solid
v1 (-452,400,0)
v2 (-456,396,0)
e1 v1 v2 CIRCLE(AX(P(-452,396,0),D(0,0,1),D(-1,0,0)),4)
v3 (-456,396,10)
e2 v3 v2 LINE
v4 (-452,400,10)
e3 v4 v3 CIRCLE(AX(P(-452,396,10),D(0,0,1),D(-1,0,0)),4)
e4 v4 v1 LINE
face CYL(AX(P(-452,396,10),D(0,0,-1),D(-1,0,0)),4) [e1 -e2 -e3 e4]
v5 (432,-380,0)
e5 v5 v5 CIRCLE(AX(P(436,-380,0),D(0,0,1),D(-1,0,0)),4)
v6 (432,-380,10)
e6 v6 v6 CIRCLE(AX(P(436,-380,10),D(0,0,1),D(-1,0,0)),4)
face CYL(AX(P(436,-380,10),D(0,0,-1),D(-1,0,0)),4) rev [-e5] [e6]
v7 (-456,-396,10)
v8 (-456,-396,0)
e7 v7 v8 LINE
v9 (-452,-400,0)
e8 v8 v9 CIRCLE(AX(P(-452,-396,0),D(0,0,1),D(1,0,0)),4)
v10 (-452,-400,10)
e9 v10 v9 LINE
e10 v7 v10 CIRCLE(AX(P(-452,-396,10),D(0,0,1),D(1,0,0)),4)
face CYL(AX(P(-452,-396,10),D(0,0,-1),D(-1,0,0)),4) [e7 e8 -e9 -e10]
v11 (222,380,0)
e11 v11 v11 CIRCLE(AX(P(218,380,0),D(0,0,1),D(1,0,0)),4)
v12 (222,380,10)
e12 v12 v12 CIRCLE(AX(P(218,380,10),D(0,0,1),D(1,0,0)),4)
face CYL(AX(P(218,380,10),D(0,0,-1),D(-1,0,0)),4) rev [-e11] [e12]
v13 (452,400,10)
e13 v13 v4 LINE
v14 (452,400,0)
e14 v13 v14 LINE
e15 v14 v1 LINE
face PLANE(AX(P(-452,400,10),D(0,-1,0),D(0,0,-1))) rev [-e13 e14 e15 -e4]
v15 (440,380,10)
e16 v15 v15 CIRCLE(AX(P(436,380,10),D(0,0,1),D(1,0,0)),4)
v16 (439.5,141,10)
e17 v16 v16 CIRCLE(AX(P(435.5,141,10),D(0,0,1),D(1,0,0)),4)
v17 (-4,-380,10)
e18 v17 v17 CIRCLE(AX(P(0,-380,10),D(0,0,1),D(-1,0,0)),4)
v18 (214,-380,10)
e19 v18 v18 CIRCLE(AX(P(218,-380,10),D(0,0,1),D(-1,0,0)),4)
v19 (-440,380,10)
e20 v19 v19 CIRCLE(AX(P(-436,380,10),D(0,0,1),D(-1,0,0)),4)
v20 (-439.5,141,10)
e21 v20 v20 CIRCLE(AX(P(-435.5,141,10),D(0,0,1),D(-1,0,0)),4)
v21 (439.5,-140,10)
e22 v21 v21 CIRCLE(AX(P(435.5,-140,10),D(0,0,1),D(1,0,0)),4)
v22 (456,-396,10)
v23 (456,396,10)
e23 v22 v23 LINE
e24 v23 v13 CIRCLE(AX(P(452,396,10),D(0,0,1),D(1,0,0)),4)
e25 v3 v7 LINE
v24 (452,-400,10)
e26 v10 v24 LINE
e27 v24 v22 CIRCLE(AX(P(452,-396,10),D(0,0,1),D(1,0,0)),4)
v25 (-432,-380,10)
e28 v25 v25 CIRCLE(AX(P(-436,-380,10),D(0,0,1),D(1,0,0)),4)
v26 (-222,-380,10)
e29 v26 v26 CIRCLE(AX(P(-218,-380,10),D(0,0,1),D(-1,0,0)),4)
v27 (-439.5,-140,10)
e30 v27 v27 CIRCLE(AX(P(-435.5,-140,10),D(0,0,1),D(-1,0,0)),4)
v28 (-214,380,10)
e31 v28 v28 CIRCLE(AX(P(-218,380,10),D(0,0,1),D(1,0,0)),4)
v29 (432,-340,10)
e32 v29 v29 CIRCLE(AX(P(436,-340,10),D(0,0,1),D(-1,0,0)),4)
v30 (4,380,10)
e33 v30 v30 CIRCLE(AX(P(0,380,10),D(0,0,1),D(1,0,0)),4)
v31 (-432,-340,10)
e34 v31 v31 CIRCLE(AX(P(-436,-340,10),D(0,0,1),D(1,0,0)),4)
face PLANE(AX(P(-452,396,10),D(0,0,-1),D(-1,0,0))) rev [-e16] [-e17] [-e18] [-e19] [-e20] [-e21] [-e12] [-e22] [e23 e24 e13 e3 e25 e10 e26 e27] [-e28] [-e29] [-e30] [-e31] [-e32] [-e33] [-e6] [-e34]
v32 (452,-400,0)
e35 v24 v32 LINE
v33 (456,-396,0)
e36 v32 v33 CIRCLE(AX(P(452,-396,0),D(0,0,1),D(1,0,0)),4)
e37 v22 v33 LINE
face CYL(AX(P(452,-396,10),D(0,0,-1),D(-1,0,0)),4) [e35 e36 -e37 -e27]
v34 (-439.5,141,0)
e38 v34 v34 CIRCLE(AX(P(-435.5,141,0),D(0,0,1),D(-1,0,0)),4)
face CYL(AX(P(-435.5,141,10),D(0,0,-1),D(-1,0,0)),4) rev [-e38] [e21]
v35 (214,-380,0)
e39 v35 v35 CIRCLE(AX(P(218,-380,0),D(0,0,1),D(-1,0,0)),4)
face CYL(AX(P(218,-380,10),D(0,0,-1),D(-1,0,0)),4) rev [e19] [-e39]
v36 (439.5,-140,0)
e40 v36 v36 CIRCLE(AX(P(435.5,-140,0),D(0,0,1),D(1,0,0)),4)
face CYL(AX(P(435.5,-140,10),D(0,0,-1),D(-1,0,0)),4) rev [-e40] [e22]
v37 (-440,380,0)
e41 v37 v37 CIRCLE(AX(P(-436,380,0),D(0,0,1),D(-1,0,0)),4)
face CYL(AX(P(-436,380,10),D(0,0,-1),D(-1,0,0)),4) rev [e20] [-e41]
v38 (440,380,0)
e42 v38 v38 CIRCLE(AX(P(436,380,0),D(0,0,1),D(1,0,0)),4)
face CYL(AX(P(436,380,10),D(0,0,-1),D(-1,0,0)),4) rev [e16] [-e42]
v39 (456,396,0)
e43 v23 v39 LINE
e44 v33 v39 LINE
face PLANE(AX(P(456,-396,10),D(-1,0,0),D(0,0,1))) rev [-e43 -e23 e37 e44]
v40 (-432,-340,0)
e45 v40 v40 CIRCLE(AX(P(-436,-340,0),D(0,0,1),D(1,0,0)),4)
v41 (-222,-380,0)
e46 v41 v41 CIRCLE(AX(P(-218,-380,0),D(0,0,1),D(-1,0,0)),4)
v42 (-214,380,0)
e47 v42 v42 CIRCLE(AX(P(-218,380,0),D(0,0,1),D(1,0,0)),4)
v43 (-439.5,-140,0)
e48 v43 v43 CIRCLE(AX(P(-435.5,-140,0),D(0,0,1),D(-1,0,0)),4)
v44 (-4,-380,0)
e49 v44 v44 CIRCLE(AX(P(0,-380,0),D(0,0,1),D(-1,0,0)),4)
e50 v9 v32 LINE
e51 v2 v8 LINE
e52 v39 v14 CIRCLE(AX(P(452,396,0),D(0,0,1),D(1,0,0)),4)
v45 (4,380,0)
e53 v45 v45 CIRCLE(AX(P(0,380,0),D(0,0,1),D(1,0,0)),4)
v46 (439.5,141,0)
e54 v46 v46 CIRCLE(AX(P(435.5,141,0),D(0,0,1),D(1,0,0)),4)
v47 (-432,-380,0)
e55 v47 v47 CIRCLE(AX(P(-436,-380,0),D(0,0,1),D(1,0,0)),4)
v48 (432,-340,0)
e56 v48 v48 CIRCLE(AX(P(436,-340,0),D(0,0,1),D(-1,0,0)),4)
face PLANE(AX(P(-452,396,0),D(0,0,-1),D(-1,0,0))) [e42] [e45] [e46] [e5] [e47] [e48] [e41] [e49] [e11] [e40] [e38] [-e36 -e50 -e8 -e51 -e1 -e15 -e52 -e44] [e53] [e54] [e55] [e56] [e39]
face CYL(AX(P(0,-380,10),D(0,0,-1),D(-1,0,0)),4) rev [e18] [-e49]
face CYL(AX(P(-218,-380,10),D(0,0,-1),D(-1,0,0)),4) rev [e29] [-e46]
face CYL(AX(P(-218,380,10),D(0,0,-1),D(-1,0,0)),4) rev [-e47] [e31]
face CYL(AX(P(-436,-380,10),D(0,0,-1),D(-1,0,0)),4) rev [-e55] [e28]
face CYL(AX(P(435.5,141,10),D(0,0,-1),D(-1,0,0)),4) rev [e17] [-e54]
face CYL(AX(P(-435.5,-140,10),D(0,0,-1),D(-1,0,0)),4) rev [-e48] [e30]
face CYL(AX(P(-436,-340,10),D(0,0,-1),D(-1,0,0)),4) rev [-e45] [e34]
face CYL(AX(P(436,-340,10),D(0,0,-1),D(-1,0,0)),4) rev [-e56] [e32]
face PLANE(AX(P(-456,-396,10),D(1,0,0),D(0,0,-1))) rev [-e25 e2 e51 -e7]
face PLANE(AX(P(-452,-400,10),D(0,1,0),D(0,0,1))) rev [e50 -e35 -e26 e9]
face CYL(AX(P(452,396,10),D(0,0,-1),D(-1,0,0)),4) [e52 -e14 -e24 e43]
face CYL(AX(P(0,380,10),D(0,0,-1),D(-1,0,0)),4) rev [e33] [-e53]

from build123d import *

# Parameters (mm, degrees)
ESQUISSE1_R        = 4
BOSS_EXTRU_1_DEPTH = 10


with BuildPart() as part:
    # Esquisse1 → Boss.-Extru.1 (new body)
    with BuildSketch(Plane.XY):
        with BuildLine():
            Line((-452, -400), (452, -400))
            ThreePointArc((452, -400), (454.828427125, -398.828427125), (456, -396))
            Line((456, -396), (456, 396))
            ThreePointArc((456, 396), (454.828427125, 398.828427125), (452, 400))
            Line((452, 400), (-452, 400))
            ThreePointArc((-452, 400), (-454.828427125, 398.828427125), (-456, 396))
            Line((-456, 396), (-456, -396))
            ThreePointArc((-456, -396), (-454.828427125, -398.828427125), (-452, -400))
        make_face()
        with Locations((436, 380)):
            Circle(ESQUISSE1_R, mode=Mode.SUBTRACT)
        with Locations((435.5, -140)):
            Circle(ESQUISSE1_R, mode=Mode.SUBTRACT)
        with Locations((435.5, 141)):
            Circle(ESQUISSE1_R, mode=Mode.SUBTRACT)
        with Locations(Location((-435.5, -140, 0), (0, 0, 180))):
            Circle(ESQUISSE1_R, mode=Mode.SUBTRACT)
        with Locations(Location((-436, 380, 0), (0, 0, 180))):
            Circle(ESQUISSE1_R, mode=Mode.SUBTRACT)
        with Locations(Location((-435.5, 141, 0), (0, 0, 180))):
            Circle(ESQUISSE1_R, mode=Mode.SUBTRACT)
        with Locations(Location((436, -380, 0), (0, 0, 180))):
            Circle(ESQUISSE1_R, mode=Mode.SUBTRACT)
        with Locations(Location((436, -340, 0), (0, 0, 180))):
            Circle(ESQUISSE1_R, mode=Mode.SUBTRACT)
        with Locations((-436, -340)):
            Circle(ESQUISSE1_R, mode=Mode.SUBTRACT)
        with Locations((-436, -380)):
            Circle(ESQUISSE1_R, mode=Mode.SUBTRACT)
        with Locations(Location((218, -380, 0), (0, 0, 180))):
            Circle(ESQUISSE1_R, mode=Mode.SUBTRACT)
        with Locations(Location((0, -380, 0), (0, 0, 180))):
            Circle(ESQUISSE1_R, mode=Mode.SUBTRACT)
        with Locations(Location((-218, -380, 0), (0, 0, 180))):
            Circle(ESQUISSE1_R, mode=Mode.SUBTRACT)
        with Locations((-218, 380)):
            Circle(ESQUISSE1_R, mode=Mode.SUBTRACT)
        with Locations((0, 380)):
            Circle(ESQUISSE1_R, mode=Mode.SUBTRACT)
        with Locations((218, 380)):
            Circle(ESQUISSE1_R, mode=Mode.SUBTRACT)
    extrude(amount=BOSS_EXTRU_1_DEPTH)


solid = part.part
